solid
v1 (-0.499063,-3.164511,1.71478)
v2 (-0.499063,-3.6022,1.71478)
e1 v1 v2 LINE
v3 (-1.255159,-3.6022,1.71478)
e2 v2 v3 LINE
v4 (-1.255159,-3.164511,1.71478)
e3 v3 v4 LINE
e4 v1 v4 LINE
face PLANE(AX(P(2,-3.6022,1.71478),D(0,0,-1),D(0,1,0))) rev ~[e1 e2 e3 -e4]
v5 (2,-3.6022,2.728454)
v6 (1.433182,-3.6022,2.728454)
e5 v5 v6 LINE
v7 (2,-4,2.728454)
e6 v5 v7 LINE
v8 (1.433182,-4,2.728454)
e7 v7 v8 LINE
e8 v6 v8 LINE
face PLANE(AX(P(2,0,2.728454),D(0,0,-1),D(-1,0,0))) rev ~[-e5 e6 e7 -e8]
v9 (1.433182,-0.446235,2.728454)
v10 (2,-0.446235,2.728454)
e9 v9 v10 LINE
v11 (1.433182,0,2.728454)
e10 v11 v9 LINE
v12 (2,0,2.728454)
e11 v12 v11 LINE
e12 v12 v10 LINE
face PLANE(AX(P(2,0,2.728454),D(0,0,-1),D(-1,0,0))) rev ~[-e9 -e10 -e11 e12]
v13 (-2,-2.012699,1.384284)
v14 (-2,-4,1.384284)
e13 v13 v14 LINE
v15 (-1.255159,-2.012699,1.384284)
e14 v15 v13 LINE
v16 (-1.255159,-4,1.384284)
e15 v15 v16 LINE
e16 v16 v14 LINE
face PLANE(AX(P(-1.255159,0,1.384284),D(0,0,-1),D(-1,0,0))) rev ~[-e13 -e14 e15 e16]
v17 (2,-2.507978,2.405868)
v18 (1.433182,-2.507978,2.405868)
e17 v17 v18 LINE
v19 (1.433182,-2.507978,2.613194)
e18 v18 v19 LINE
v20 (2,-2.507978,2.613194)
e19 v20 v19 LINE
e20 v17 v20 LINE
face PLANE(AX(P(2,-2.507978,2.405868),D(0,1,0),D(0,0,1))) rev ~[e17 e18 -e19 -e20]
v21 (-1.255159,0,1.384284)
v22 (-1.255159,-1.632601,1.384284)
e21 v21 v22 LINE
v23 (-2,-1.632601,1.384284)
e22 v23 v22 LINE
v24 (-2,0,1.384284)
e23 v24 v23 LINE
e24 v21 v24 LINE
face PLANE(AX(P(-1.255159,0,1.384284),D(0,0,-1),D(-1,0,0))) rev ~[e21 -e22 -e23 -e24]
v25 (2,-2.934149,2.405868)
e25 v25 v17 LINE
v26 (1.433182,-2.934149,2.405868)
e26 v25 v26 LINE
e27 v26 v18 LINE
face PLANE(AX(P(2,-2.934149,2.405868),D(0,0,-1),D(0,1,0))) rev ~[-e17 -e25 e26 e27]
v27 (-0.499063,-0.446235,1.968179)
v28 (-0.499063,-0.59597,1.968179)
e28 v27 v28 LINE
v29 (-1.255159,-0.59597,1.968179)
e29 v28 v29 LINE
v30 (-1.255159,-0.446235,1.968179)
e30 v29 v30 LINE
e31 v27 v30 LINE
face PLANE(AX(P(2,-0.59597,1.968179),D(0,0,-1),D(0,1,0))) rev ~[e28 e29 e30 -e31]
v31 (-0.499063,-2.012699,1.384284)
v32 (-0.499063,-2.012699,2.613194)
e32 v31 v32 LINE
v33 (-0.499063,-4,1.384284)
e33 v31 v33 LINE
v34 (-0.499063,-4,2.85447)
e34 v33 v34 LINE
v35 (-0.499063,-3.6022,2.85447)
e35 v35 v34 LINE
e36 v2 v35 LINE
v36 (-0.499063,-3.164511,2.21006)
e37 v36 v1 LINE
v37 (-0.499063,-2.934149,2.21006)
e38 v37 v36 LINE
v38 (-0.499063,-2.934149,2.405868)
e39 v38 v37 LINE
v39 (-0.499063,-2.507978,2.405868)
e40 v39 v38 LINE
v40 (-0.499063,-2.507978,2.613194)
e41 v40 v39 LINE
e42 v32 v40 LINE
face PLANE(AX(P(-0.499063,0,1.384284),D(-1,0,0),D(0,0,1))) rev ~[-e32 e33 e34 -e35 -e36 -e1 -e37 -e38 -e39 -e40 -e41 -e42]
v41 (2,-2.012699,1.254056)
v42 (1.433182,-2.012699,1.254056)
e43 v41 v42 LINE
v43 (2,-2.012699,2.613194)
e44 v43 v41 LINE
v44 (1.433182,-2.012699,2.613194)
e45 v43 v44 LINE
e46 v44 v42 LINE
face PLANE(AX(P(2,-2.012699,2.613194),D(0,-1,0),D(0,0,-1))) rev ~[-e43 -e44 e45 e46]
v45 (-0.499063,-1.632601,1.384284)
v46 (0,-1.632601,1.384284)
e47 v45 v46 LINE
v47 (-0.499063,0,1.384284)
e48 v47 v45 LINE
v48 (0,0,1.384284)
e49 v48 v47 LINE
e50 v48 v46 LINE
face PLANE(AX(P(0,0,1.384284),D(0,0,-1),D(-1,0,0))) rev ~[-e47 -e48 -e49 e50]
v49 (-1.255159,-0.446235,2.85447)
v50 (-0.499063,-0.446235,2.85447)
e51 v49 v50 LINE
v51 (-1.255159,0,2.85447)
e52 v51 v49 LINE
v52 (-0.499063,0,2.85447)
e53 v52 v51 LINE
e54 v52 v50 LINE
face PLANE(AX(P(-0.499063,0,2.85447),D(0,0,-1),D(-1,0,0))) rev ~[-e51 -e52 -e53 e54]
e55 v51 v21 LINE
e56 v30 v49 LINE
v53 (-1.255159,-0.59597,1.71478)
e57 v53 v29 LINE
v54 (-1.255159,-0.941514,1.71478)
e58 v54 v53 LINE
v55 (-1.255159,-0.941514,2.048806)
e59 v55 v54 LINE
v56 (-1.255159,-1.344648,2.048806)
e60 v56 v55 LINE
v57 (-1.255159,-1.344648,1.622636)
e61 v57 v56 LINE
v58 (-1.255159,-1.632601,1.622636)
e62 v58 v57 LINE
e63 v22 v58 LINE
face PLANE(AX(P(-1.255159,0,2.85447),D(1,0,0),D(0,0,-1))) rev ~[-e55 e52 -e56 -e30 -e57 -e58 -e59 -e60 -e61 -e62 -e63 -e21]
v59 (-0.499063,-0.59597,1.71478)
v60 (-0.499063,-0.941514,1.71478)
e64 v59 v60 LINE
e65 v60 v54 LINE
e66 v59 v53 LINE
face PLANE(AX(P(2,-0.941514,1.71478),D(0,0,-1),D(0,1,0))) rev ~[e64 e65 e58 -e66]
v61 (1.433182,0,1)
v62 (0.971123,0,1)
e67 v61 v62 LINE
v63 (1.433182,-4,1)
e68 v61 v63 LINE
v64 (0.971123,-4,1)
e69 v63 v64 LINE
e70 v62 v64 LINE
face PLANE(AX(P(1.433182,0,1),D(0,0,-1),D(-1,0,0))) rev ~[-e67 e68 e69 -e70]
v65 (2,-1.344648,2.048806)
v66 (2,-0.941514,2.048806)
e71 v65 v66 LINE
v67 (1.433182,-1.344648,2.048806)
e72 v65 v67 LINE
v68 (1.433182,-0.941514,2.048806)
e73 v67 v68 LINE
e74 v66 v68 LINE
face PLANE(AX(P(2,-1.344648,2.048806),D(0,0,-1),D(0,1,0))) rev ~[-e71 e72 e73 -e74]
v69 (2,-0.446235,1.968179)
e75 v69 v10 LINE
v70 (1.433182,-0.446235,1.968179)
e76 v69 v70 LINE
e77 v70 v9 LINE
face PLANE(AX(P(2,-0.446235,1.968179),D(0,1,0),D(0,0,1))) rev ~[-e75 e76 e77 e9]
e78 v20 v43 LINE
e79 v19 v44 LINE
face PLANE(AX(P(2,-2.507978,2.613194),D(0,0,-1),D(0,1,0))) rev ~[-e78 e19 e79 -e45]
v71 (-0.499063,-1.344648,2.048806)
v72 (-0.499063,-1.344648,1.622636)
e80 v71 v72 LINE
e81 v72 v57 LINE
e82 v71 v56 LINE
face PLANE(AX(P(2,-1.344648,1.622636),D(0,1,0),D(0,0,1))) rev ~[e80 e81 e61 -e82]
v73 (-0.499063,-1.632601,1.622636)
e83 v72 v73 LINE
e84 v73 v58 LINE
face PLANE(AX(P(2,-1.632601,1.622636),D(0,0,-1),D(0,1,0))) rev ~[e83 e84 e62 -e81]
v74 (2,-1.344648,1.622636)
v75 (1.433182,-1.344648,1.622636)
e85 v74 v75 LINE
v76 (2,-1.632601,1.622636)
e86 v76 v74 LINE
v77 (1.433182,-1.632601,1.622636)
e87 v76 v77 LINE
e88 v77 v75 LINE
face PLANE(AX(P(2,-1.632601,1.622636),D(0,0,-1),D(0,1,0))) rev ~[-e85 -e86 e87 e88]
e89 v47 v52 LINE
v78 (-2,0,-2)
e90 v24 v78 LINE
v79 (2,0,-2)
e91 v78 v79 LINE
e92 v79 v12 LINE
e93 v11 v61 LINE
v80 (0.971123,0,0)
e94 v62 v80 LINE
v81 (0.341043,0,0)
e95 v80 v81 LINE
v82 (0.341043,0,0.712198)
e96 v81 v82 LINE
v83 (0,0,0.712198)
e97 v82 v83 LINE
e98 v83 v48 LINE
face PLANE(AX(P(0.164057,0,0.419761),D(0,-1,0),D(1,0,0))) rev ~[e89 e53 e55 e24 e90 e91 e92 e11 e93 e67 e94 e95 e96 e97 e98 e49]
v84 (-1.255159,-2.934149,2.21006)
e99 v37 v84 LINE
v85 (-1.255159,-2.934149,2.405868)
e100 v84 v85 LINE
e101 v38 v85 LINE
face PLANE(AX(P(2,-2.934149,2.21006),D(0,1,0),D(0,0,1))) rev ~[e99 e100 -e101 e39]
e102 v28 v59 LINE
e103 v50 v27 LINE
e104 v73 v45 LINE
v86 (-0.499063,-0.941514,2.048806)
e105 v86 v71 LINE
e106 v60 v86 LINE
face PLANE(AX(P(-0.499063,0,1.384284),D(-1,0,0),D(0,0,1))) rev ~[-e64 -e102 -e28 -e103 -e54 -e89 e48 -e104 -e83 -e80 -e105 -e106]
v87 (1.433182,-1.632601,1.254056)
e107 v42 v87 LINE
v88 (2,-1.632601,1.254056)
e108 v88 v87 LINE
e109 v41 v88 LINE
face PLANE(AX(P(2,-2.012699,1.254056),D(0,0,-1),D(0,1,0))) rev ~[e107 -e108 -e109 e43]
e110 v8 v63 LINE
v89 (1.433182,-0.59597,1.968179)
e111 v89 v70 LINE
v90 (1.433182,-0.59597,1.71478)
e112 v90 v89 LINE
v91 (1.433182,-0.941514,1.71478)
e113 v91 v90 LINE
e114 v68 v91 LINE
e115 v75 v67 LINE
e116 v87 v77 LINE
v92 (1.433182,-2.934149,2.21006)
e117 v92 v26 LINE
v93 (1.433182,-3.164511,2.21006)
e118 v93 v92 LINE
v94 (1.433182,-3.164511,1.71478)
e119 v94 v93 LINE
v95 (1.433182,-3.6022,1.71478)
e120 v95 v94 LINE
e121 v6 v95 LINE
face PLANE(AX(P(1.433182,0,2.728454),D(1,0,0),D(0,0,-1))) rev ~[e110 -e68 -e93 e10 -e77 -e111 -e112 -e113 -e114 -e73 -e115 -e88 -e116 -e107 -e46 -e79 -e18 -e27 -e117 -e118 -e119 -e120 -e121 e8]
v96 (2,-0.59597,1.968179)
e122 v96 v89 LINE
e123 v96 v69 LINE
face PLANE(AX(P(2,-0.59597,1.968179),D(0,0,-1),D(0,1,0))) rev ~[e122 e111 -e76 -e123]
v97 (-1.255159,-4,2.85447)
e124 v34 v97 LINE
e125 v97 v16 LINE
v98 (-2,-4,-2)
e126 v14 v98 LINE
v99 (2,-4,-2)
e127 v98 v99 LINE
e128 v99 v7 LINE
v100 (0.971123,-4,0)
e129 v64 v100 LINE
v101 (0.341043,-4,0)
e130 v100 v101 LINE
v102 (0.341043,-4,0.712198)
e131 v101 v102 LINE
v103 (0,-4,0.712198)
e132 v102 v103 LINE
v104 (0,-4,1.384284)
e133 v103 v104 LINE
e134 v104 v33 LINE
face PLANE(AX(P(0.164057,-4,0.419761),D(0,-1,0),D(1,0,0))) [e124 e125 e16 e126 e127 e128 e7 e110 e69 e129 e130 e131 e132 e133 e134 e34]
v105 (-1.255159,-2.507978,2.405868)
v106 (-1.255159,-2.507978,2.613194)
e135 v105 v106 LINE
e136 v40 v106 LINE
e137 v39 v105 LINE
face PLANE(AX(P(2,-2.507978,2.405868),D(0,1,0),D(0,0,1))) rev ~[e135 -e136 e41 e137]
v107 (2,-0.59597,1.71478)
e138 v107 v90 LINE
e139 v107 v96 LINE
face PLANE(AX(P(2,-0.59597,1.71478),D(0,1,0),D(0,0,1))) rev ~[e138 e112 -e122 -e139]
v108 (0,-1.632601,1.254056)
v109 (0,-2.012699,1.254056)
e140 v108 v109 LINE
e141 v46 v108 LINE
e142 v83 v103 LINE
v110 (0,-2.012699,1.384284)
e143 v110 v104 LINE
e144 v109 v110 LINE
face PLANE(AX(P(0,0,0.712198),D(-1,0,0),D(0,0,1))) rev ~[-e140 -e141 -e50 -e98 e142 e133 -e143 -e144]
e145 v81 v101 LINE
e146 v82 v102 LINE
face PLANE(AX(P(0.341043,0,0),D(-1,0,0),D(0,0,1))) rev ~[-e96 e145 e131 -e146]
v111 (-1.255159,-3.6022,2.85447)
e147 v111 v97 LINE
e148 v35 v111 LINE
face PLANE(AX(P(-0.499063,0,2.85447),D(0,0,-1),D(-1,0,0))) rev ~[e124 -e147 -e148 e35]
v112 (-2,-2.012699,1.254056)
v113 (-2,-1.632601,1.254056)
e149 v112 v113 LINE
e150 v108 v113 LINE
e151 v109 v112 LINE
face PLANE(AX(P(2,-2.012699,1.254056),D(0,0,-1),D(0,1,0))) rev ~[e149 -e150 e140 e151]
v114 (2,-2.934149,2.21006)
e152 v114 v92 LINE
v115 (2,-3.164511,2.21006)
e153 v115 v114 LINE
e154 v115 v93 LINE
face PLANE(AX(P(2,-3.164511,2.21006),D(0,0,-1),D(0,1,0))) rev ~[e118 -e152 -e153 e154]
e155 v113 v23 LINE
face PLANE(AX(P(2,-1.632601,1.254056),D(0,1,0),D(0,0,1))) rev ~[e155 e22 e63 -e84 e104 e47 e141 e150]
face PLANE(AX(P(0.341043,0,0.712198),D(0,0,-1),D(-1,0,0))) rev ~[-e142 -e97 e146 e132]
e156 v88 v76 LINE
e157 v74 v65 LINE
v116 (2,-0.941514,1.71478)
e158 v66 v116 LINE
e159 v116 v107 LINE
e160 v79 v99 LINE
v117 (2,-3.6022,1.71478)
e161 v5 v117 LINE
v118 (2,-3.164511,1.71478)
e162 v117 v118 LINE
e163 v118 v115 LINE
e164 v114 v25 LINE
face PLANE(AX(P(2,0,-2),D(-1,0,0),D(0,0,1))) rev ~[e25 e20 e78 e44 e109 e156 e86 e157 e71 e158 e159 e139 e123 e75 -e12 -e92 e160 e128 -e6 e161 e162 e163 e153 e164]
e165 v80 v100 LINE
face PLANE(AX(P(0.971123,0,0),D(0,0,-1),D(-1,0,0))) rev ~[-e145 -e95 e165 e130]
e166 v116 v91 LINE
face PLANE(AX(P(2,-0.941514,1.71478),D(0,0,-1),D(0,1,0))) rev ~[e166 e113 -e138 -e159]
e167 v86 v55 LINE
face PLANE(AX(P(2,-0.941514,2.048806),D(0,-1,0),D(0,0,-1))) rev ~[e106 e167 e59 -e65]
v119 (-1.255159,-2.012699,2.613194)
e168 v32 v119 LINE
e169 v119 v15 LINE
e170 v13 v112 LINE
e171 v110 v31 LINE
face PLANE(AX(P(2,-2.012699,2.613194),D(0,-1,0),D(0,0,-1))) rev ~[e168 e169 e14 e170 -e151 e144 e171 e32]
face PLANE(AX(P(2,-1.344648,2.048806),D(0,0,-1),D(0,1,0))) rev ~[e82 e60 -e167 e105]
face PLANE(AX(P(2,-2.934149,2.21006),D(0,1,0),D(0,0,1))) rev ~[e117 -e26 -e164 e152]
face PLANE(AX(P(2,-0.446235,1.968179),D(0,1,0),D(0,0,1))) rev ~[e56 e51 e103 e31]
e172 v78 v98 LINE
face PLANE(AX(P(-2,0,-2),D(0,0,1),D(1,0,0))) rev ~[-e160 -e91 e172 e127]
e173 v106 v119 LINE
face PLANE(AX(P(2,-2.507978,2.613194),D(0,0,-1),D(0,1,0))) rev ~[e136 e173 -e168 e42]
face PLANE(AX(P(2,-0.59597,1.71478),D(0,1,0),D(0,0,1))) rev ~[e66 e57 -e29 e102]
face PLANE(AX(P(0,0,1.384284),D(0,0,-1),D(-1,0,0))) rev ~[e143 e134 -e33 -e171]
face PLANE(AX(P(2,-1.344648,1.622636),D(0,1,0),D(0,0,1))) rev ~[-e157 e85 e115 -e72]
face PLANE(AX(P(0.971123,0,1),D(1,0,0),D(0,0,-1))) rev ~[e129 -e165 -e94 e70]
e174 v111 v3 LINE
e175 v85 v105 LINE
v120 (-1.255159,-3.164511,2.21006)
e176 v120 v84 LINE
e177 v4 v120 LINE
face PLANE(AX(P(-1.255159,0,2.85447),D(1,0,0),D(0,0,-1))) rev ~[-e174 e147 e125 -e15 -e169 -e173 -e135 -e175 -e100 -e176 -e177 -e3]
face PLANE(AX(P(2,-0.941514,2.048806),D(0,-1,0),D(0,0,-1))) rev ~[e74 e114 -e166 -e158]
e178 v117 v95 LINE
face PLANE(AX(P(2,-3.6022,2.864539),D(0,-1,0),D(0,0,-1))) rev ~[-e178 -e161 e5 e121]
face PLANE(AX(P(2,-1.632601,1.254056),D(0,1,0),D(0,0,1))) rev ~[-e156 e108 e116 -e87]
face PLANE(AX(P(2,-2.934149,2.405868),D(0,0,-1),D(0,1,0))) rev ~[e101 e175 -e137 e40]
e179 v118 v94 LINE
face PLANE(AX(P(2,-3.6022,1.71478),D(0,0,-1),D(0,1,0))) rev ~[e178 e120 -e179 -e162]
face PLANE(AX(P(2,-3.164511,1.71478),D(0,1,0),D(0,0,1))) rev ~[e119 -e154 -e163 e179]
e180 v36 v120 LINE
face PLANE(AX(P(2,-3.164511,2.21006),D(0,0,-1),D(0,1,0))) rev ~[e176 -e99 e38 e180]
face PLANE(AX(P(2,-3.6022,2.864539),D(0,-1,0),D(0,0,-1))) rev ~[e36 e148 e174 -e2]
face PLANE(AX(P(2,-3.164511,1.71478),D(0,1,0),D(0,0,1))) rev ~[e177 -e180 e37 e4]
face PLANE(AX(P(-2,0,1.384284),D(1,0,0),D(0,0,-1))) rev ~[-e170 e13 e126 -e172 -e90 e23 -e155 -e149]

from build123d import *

# Parameters (mm, degrees)
F1_DEPTH = 4
F3_DEPTH = 25


with BuildPart() as f1:
    # F0 (on Front) → F1 (new body)
    with BuildSketch(Plane.XZ):
        Polygon((-2, 1.384284), (-2, -2), (2, -2), (2, 2), (2, 2.728454), (1.937245, 2.728454), (1.433182, 2.728454), (1.433182, 1), (0.971123, 1), (0.971123, 0), (0.341043, 0), (0.341043, 0.712198), (0, 0.712198), (0, 1.384284), (-0.499063, 1.384284), (-0.499063, 2), (-0.499063, 2.85447), (-1.255159, 2.85447), (-1.255159, 2), (-1.255159, 1.384284), align=None)
    extrude(amount=F1_DEPTH)

    # F2 (on face) → F3 (cut)
    with BuildSketch(Plane.YZ.offset(2)):
        Polygon((-3.6022, 2.864539), (-3.6022, 2.728454), (-3.6022, 1.71478), (-3.164511, 1.71478), (-3.164511, 2.21006), (-2.934149, 2.21006), (-2.934149, 2.405868), (-2.507978, 2.405868), (-2.507978, 2.613194), (-2.012699, 2.613194), (-2.012699, 1.254056), (-1.632601, 1.254056), (-1.632601, 1.622636), (-1.344648, 1.622636), (-1.344648, 2.048806), (-0.941514, 2.048806), (-0.941514, 1.71478), (-0.59597, 1.71478), (-0.59597, 1.968179), (-0.446235, 1.968179), (-0.446235, 2.728454), (-0.446235, 2.864539), (-0.692065, 2.864539), align=None)
    extrude(amount=-F3_DEPTH, mode=Mode.SUBTRACT)


solid = f1.part
